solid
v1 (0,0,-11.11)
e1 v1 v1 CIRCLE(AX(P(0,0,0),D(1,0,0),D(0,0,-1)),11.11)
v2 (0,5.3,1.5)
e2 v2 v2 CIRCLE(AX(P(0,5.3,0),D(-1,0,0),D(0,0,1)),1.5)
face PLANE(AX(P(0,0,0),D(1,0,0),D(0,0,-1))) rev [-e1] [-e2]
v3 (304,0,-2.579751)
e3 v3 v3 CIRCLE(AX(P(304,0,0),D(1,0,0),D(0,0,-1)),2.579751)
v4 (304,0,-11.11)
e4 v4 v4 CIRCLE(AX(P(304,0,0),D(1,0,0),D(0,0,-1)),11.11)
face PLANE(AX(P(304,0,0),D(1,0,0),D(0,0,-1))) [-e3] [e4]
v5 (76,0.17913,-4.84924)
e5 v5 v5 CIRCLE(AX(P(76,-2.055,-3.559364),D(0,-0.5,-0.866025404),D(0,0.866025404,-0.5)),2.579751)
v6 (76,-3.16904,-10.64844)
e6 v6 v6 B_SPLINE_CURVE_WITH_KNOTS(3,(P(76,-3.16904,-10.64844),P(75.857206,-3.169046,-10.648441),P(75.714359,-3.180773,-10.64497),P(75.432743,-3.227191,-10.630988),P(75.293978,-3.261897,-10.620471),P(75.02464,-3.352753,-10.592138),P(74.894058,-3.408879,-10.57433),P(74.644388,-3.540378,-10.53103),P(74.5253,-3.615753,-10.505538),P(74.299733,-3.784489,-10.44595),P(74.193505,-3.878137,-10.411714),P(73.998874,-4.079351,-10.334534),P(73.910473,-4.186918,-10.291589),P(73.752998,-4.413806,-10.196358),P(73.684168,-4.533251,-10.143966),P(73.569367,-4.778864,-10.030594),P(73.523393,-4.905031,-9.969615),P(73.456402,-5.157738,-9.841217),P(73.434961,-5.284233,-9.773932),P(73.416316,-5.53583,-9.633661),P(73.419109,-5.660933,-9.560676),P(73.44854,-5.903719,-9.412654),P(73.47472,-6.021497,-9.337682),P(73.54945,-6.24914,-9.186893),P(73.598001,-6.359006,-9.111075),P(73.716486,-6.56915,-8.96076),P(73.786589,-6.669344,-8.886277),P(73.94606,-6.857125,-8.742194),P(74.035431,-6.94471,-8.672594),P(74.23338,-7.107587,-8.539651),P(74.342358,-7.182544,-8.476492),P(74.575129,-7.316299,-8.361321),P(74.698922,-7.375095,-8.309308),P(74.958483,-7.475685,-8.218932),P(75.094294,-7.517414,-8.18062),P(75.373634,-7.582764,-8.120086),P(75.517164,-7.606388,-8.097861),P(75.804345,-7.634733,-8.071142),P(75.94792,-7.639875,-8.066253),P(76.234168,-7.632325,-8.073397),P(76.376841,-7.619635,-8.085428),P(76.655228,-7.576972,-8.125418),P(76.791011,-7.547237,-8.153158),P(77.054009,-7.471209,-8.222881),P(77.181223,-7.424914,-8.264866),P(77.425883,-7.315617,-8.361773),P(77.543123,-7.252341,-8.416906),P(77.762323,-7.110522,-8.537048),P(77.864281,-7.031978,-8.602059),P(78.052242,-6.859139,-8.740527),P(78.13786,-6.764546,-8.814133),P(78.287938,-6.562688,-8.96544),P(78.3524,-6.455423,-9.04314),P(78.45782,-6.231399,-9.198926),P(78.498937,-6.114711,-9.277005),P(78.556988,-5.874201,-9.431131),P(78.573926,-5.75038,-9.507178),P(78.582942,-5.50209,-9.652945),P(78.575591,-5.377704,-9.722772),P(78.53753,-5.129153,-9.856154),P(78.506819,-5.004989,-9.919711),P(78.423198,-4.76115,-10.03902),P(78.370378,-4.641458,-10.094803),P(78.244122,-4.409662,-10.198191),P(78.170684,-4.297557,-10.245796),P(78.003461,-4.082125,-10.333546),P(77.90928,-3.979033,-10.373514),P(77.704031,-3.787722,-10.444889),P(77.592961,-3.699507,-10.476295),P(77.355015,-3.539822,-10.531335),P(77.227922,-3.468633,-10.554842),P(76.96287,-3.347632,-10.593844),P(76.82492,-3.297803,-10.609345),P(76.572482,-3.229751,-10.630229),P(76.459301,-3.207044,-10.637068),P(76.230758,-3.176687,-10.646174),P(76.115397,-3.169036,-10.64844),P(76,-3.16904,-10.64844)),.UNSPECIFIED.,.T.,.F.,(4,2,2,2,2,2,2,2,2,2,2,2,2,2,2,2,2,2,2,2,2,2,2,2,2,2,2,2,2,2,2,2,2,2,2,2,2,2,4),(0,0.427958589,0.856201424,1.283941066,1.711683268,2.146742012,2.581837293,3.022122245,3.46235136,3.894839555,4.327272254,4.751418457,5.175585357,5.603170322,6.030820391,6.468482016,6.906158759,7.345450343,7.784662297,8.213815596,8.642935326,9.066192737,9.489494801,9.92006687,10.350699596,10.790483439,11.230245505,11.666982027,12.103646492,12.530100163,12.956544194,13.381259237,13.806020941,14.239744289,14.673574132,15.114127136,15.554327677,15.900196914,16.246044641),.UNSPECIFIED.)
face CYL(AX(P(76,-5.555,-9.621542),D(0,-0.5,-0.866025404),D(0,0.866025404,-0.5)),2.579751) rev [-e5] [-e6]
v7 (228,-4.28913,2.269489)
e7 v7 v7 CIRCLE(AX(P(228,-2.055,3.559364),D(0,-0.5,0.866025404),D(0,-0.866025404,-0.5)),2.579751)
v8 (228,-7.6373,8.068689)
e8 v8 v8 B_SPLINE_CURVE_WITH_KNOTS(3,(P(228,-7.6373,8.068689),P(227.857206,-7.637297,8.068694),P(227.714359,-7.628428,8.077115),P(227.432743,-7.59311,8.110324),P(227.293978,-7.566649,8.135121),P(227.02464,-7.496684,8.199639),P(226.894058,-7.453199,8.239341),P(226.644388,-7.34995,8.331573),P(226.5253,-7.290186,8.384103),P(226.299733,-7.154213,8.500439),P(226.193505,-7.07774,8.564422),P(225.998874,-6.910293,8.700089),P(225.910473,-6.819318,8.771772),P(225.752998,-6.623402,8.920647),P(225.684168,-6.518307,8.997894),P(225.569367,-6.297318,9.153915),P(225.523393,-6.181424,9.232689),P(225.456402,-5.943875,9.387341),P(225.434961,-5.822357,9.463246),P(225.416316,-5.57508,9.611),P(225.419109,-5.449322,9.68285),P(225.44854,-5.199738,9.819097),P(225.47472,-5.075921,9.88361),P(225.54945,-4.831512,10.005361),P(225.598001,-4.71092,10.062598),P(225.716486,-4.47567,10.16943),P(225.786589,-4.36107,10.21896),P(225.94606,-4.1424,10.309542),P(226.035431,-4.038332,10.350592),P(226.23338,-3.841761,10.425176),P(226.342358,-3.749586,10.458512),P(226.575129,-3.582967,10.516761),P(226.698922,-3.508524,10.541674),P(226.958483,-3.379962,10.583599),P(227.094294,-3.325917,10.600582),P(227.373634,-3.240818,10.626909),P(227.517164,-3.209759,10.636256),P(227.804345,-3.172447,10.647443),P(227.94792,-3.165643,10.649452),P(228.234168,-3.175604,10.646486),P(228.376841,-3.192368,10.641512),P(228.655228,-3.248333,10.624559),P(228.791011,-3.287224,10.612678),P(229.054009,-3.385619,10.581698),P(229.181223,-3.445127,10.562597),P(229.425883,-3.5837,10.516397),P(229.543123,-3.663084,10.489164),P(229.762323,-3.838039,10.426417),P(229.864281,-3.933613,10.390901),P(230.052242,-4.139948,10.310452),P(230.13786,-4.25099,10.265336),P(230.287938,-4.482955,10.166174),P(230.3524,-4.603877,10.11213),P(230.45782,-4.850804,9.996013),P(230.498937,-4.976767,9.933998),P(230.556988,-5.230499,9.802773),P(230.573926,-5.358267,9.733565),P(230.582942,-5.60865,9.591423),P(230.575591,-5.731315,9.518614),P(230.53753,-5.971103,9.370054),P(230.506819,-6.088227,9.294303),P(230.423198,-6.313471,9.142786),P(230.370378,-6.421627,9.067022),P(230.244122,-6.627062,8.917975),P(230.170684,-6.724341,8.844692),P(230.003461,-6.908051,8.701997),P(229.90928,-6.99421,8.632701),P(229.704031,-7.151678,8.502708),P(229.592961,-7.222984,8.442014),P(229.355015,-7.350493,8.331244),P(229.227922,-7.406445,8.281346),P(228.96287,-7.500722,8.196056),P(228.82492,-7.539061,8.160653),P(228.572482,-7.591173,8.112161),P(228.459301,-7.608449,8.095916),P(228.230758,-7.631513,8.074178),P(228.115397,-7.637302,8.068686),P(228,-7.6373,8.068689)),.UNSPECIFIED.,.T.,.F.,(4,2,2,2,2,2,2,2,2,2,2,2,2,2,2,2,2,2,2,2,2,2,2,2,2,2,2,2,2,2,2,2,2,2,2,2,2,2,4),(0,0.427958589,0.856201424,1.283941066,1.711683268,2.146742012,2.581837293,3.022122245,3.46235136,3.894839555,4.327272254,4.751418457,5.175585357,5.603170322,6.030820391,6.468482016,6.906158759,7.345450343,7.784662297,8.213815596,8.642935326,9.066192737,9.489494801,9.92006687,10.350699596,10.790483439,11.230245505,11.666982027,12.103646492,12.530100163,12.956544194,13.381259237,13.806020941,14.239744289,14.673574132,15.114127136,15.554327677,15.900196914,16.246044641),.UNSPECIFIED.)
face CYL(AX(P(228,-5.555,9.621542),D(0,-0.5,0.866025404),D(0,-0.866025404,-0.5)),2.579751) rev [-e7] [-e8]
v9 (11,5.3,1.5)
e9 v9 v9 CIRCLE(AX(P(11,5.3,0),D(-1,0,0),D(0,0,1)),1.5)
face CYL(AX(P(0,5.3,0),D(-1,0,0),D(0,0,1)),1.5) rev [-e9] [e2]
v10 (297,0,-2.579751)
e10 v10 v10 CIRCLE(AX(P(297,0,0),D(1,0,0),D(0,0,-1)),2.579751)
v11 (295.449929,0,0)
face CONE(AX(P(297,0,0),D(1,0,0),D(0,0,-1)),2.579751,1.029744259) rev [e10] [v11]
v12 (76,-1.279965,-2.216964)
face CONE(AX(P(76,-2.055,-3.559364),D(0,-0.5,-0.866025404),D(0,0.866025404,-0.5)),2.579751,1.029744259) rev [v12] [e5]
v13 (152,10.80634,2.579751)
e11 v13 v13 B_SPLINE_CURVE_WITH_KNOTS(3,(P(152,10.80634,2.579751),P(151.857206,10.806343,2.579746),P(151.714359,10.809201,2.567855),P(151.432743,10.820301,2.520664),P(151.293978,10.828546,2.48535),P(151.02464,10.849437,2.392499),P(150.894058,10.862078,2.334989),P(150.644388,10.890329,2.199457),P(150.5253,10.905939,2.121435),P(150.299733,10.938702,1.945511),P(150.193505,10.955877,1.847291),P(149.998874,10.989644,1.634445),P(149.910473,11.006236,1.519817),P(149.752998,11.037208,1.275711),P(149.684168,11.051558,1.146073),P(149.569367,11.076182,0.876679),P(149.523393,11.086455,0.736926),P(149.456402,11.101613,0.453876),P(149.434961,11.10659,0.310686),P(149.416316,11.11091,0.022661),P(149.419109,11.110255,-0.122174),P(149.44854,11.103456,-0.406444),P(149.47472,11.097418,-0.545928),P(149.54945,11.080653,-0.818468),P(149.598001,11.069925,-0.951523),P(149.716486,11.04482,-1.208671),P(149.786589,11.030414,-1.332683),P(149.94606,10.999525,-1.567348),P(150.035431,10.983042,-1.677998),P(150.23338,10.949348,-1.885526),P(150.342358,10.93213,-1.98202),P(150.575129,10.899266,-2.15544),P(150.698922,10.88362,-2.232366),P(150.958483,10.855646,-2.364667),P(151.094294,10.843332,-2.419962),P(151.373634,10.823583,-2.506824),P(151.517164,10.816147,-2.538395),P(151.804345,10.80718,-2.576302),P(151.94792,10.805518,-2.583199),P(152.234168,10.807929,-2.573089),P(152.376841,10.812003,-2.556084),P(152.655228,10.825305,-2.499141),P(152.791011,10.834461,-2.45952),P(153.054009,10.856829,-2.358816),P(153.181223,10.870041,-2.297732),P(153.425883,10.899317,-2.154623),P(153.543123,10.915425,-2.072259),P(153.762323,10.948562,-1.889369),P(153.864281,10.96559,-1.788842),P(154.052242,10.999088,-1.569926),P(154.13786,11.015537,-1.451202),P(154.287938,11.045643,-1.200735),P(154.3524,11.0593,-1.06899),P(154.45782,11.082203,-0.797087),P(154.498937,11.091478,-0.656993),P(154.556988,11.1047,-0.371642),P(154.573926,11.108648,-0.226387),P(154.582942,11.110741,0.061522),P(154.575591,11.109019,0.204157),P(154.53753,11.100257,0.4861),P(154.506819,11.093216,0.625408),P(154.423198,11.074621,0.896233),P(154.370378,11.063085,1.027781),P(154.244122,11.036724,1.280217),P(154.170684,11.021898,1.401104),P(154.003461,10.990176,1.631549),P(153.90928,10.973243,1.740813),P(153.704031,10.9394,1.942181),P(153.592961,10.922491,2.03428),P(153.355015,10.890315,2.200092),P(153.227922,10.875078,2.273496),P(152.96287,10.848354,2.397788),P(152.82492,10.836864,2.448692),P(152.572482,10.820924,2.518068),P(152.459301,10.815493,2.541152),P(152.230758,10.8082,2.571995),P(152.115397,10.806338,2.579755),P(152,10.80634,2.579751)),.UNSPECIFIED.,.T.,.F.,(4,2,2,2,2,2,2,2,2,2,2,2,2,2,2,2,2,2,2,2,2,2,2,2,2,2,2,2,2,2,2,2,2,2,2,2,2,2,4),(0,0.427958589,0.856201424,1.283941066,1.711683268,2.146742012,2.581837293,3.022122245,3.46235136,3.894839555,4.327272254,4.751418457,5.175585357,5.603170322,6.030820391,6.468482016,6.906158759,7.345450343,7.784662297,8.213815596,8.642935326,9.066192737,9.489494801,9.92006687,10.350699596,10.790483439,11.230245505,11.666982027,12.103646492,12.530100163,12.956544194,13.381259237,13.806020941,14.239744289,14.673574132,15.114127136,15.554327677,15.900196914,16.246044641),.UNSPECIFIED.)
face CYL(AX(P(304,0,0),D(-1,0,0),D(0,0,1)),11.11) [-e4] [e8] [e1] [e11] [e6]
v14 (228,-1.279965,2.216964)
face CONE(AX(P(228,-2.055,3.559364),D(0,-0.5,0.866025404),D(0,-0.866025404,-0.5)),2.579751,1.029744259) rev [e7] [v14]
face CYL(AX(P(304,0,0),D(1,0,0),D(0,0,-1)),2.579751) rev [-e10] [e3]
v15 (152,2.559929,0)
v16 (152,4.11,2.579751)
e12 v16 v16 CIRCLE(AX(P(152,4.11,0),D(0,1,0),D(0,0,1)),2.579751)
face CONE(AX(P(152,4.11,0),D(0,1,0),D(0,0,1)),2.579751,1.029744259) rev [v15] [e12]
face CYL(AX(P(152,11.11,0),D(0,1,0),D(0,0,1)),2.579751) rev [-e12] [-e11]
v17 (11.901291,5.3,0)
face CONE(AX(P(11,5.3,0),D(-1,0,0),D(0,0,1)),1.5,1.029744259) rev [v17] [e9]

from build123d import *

# Parameters (mm, degrees)
SKETCH1_R                            = 11.11
BOSS_EXTRUDE1_DEPTH                  = 304
F_3_0_3_DIAMETER_HOLE2_D             = 3
F_3_0_3_DIAMETER_HOLE2_DEPTH         = 11
F_3_0_3_DIAMETER_HOLE2_TIP           = 0.901290929
F_13_64_0_20313_DIAMETER_HOLE2_D     = 5.159502
F_13_64_0_20313_DIAMETER_HOLE2_DEPTH = 7
F_13_64_0_20313_DIAMETER_HOLE2_TIP   = 1.550070783
F_13_64_0_20313_DIAMETER_HOLE4_D     = 5.159502
F_13_64_0_20313_DIAMETER_HOLE4_DEPTH = 7
F_13_64_0_20313_DIAMETER_HOLE4_TIP   = 1.550070783
F_13_64_0_20313_DIAMETER_HOLE5_D     = 5.159502
F_13_64_0_20313_DIAMETER_HOLE5_DEPTH = 7
F_13_64_0_20313_DIAMETER_HOLE5_TIP   = 1.550070783
F_13_64_0_20313_DIAMETER_HOLE6_D     = 5.159502
F_13_64_0_20313_DIAMETER_HOLE6_DEPTH = 7
F_13_64_0_20313_DIAMETER_HOLE6_TIP   = 1.550070783


with BuildPart() as part:
    # Sketch1 → Boss-Extrude1 (new body)
    with BuildSketch(Plane(origin=(0, 0, 0), x_dir=(0, 0, -1), z_dir=(1, 0, 0))):
        Circle(SKETCH1_R)
    extrude(amount=BOSS_EXTRUDE1_DEPTH)

    # Ø3.0 (3) Diameter Hole2
    with Locations(Plane.ZY):
        with Locations((0, 5.3)):
            Hole(F_3_0_3_DIAMETER_HOLE2_D / 2, depth=F_3_0_3_DIAMETER_HOLE2_DEPTH)
            with Locations((0, 0, -(F_3_0_3_DIAMETER_HOLE2_DEPTH + F_3_0_3_DIAMETER_HOLE2_TIP / 2))):  # 118° drill point
                Cone(0, F_3_0_3_DIAMETER_HOLE2_D / 2, F_3_0_3_DIAMETER_HOLE2_TIP, mode=Mode.SUBTRACT)

    # 13/64 (0.20313) Diameter Hole2
    with Locations(Plane(origin=(0, 11.11, 0), x_dir=(1, 0, 0), z_dir=(0, 1, 0))):
        with Locations((152, 0)):
            Hole(F_13_64_0_20313_DIAMETER_HOLE2_D / 2, depth=F_13_64_0_20313_DIAMETER_HOLE2_DEPTH)
            with Locations((0, 0, -(F_13_64_0_20313_DIAMETER_HOLE2_DEPTH + F_13_64_0_20313_DIAMETER_HOLE2_TIP / 2))):  # 118° drill point
                Cone(0, F_13_64_0_20313_DIAMETER_HOLE2_D / 2, F_13_64_0_20313_DIAMETER_HOLE2_TIP, mode=Mode.SUBTRACT)

    # 13/64 (0.20313) Diameter Hole4
    with Locations(Plane(origin=(0, -5.555, -9.621542236), x_dir=(-1, 0, 0), z_dir=(0, -0.50000000000001, -0.8660254037844328))):
        with Locations((-76, 0)):
            Hole(F_13_64_0_20313_DIAMETER_HOLE4_D / 2, depth=F_13_64_0_20313_DIAMETER_HOLE4_DEPTH)
            with Locations((0, 0, -(F_13_64_0_20313_DIAMETER_HOLE4_DEPTH + F_13_64_0_20313_DIAMETER_HOLE4_TIP / 2))):  # 118° drill point
                Cone(0, F_13_64_0_20313_DIAMETER_HOLE4_D / 2, F_13_64_0_20313_DIAMETER_HOLE4_TIP, mode=Mode.SUBTRACT)

    # 13/64 (0.20313) Diameter Hole5
    with Locations(Plane(origin=(0, -5.555, 9.621542236), x_dir=(-1, 0, 0), z_dir=(0, -0.499999999999998, 0.8660254037844398))):
        with Locations((-228, 0)):
            Hole(F_13_64_0_20313_DIAMETER_HOLE5_D / 2, depth=F_13_64_0_20313_DIAMETER_HOLE5_DEPTH)
            with Locations((0, 0, -(F_13_64_0_20313_DIAMETER_HOLE5_DEPTH + F_13_64_0_20313_DIAMETER_HOLE5_TIP / 2))):  # 118° drill point
                Cone(0, F_13_64_0_20313_DIAMETER_HOLE5_D / 2, F_13_64_0_20313_DIAMETER_HOLE5_TIP, mode=Mode.SUBTRACT)

    # 13/64 (0.20313) Diameter Hole6
    with Locations(Plane(origin=(304, 0, 0), x_dir=(0, 0, -1), z_dir=(1, 0, 0))):
        with Locations((0, 0)):
            Hole(F_13_64_0_20313_DIAMETER_HOLE6_D / 2, depth=F_13_64_0_20313_DIAMETER_HOLE6_DEPTH)
            with Locations((0, 0, -(F_13_64_0_20313_DIAMETER_HOLE6_DEPTH + F_13_64_0_20313_DIAMETER_HOLE6_TIP / 2))):  # 118° drill point
                Cone(0, F_13_64_0_20313_DIAMETER_HOLE6_D / 2, F_13_64_0_20313_DIAMETER_HOLE6_TIP, mode=Mode.SUBTRACT)


solid = part.part
